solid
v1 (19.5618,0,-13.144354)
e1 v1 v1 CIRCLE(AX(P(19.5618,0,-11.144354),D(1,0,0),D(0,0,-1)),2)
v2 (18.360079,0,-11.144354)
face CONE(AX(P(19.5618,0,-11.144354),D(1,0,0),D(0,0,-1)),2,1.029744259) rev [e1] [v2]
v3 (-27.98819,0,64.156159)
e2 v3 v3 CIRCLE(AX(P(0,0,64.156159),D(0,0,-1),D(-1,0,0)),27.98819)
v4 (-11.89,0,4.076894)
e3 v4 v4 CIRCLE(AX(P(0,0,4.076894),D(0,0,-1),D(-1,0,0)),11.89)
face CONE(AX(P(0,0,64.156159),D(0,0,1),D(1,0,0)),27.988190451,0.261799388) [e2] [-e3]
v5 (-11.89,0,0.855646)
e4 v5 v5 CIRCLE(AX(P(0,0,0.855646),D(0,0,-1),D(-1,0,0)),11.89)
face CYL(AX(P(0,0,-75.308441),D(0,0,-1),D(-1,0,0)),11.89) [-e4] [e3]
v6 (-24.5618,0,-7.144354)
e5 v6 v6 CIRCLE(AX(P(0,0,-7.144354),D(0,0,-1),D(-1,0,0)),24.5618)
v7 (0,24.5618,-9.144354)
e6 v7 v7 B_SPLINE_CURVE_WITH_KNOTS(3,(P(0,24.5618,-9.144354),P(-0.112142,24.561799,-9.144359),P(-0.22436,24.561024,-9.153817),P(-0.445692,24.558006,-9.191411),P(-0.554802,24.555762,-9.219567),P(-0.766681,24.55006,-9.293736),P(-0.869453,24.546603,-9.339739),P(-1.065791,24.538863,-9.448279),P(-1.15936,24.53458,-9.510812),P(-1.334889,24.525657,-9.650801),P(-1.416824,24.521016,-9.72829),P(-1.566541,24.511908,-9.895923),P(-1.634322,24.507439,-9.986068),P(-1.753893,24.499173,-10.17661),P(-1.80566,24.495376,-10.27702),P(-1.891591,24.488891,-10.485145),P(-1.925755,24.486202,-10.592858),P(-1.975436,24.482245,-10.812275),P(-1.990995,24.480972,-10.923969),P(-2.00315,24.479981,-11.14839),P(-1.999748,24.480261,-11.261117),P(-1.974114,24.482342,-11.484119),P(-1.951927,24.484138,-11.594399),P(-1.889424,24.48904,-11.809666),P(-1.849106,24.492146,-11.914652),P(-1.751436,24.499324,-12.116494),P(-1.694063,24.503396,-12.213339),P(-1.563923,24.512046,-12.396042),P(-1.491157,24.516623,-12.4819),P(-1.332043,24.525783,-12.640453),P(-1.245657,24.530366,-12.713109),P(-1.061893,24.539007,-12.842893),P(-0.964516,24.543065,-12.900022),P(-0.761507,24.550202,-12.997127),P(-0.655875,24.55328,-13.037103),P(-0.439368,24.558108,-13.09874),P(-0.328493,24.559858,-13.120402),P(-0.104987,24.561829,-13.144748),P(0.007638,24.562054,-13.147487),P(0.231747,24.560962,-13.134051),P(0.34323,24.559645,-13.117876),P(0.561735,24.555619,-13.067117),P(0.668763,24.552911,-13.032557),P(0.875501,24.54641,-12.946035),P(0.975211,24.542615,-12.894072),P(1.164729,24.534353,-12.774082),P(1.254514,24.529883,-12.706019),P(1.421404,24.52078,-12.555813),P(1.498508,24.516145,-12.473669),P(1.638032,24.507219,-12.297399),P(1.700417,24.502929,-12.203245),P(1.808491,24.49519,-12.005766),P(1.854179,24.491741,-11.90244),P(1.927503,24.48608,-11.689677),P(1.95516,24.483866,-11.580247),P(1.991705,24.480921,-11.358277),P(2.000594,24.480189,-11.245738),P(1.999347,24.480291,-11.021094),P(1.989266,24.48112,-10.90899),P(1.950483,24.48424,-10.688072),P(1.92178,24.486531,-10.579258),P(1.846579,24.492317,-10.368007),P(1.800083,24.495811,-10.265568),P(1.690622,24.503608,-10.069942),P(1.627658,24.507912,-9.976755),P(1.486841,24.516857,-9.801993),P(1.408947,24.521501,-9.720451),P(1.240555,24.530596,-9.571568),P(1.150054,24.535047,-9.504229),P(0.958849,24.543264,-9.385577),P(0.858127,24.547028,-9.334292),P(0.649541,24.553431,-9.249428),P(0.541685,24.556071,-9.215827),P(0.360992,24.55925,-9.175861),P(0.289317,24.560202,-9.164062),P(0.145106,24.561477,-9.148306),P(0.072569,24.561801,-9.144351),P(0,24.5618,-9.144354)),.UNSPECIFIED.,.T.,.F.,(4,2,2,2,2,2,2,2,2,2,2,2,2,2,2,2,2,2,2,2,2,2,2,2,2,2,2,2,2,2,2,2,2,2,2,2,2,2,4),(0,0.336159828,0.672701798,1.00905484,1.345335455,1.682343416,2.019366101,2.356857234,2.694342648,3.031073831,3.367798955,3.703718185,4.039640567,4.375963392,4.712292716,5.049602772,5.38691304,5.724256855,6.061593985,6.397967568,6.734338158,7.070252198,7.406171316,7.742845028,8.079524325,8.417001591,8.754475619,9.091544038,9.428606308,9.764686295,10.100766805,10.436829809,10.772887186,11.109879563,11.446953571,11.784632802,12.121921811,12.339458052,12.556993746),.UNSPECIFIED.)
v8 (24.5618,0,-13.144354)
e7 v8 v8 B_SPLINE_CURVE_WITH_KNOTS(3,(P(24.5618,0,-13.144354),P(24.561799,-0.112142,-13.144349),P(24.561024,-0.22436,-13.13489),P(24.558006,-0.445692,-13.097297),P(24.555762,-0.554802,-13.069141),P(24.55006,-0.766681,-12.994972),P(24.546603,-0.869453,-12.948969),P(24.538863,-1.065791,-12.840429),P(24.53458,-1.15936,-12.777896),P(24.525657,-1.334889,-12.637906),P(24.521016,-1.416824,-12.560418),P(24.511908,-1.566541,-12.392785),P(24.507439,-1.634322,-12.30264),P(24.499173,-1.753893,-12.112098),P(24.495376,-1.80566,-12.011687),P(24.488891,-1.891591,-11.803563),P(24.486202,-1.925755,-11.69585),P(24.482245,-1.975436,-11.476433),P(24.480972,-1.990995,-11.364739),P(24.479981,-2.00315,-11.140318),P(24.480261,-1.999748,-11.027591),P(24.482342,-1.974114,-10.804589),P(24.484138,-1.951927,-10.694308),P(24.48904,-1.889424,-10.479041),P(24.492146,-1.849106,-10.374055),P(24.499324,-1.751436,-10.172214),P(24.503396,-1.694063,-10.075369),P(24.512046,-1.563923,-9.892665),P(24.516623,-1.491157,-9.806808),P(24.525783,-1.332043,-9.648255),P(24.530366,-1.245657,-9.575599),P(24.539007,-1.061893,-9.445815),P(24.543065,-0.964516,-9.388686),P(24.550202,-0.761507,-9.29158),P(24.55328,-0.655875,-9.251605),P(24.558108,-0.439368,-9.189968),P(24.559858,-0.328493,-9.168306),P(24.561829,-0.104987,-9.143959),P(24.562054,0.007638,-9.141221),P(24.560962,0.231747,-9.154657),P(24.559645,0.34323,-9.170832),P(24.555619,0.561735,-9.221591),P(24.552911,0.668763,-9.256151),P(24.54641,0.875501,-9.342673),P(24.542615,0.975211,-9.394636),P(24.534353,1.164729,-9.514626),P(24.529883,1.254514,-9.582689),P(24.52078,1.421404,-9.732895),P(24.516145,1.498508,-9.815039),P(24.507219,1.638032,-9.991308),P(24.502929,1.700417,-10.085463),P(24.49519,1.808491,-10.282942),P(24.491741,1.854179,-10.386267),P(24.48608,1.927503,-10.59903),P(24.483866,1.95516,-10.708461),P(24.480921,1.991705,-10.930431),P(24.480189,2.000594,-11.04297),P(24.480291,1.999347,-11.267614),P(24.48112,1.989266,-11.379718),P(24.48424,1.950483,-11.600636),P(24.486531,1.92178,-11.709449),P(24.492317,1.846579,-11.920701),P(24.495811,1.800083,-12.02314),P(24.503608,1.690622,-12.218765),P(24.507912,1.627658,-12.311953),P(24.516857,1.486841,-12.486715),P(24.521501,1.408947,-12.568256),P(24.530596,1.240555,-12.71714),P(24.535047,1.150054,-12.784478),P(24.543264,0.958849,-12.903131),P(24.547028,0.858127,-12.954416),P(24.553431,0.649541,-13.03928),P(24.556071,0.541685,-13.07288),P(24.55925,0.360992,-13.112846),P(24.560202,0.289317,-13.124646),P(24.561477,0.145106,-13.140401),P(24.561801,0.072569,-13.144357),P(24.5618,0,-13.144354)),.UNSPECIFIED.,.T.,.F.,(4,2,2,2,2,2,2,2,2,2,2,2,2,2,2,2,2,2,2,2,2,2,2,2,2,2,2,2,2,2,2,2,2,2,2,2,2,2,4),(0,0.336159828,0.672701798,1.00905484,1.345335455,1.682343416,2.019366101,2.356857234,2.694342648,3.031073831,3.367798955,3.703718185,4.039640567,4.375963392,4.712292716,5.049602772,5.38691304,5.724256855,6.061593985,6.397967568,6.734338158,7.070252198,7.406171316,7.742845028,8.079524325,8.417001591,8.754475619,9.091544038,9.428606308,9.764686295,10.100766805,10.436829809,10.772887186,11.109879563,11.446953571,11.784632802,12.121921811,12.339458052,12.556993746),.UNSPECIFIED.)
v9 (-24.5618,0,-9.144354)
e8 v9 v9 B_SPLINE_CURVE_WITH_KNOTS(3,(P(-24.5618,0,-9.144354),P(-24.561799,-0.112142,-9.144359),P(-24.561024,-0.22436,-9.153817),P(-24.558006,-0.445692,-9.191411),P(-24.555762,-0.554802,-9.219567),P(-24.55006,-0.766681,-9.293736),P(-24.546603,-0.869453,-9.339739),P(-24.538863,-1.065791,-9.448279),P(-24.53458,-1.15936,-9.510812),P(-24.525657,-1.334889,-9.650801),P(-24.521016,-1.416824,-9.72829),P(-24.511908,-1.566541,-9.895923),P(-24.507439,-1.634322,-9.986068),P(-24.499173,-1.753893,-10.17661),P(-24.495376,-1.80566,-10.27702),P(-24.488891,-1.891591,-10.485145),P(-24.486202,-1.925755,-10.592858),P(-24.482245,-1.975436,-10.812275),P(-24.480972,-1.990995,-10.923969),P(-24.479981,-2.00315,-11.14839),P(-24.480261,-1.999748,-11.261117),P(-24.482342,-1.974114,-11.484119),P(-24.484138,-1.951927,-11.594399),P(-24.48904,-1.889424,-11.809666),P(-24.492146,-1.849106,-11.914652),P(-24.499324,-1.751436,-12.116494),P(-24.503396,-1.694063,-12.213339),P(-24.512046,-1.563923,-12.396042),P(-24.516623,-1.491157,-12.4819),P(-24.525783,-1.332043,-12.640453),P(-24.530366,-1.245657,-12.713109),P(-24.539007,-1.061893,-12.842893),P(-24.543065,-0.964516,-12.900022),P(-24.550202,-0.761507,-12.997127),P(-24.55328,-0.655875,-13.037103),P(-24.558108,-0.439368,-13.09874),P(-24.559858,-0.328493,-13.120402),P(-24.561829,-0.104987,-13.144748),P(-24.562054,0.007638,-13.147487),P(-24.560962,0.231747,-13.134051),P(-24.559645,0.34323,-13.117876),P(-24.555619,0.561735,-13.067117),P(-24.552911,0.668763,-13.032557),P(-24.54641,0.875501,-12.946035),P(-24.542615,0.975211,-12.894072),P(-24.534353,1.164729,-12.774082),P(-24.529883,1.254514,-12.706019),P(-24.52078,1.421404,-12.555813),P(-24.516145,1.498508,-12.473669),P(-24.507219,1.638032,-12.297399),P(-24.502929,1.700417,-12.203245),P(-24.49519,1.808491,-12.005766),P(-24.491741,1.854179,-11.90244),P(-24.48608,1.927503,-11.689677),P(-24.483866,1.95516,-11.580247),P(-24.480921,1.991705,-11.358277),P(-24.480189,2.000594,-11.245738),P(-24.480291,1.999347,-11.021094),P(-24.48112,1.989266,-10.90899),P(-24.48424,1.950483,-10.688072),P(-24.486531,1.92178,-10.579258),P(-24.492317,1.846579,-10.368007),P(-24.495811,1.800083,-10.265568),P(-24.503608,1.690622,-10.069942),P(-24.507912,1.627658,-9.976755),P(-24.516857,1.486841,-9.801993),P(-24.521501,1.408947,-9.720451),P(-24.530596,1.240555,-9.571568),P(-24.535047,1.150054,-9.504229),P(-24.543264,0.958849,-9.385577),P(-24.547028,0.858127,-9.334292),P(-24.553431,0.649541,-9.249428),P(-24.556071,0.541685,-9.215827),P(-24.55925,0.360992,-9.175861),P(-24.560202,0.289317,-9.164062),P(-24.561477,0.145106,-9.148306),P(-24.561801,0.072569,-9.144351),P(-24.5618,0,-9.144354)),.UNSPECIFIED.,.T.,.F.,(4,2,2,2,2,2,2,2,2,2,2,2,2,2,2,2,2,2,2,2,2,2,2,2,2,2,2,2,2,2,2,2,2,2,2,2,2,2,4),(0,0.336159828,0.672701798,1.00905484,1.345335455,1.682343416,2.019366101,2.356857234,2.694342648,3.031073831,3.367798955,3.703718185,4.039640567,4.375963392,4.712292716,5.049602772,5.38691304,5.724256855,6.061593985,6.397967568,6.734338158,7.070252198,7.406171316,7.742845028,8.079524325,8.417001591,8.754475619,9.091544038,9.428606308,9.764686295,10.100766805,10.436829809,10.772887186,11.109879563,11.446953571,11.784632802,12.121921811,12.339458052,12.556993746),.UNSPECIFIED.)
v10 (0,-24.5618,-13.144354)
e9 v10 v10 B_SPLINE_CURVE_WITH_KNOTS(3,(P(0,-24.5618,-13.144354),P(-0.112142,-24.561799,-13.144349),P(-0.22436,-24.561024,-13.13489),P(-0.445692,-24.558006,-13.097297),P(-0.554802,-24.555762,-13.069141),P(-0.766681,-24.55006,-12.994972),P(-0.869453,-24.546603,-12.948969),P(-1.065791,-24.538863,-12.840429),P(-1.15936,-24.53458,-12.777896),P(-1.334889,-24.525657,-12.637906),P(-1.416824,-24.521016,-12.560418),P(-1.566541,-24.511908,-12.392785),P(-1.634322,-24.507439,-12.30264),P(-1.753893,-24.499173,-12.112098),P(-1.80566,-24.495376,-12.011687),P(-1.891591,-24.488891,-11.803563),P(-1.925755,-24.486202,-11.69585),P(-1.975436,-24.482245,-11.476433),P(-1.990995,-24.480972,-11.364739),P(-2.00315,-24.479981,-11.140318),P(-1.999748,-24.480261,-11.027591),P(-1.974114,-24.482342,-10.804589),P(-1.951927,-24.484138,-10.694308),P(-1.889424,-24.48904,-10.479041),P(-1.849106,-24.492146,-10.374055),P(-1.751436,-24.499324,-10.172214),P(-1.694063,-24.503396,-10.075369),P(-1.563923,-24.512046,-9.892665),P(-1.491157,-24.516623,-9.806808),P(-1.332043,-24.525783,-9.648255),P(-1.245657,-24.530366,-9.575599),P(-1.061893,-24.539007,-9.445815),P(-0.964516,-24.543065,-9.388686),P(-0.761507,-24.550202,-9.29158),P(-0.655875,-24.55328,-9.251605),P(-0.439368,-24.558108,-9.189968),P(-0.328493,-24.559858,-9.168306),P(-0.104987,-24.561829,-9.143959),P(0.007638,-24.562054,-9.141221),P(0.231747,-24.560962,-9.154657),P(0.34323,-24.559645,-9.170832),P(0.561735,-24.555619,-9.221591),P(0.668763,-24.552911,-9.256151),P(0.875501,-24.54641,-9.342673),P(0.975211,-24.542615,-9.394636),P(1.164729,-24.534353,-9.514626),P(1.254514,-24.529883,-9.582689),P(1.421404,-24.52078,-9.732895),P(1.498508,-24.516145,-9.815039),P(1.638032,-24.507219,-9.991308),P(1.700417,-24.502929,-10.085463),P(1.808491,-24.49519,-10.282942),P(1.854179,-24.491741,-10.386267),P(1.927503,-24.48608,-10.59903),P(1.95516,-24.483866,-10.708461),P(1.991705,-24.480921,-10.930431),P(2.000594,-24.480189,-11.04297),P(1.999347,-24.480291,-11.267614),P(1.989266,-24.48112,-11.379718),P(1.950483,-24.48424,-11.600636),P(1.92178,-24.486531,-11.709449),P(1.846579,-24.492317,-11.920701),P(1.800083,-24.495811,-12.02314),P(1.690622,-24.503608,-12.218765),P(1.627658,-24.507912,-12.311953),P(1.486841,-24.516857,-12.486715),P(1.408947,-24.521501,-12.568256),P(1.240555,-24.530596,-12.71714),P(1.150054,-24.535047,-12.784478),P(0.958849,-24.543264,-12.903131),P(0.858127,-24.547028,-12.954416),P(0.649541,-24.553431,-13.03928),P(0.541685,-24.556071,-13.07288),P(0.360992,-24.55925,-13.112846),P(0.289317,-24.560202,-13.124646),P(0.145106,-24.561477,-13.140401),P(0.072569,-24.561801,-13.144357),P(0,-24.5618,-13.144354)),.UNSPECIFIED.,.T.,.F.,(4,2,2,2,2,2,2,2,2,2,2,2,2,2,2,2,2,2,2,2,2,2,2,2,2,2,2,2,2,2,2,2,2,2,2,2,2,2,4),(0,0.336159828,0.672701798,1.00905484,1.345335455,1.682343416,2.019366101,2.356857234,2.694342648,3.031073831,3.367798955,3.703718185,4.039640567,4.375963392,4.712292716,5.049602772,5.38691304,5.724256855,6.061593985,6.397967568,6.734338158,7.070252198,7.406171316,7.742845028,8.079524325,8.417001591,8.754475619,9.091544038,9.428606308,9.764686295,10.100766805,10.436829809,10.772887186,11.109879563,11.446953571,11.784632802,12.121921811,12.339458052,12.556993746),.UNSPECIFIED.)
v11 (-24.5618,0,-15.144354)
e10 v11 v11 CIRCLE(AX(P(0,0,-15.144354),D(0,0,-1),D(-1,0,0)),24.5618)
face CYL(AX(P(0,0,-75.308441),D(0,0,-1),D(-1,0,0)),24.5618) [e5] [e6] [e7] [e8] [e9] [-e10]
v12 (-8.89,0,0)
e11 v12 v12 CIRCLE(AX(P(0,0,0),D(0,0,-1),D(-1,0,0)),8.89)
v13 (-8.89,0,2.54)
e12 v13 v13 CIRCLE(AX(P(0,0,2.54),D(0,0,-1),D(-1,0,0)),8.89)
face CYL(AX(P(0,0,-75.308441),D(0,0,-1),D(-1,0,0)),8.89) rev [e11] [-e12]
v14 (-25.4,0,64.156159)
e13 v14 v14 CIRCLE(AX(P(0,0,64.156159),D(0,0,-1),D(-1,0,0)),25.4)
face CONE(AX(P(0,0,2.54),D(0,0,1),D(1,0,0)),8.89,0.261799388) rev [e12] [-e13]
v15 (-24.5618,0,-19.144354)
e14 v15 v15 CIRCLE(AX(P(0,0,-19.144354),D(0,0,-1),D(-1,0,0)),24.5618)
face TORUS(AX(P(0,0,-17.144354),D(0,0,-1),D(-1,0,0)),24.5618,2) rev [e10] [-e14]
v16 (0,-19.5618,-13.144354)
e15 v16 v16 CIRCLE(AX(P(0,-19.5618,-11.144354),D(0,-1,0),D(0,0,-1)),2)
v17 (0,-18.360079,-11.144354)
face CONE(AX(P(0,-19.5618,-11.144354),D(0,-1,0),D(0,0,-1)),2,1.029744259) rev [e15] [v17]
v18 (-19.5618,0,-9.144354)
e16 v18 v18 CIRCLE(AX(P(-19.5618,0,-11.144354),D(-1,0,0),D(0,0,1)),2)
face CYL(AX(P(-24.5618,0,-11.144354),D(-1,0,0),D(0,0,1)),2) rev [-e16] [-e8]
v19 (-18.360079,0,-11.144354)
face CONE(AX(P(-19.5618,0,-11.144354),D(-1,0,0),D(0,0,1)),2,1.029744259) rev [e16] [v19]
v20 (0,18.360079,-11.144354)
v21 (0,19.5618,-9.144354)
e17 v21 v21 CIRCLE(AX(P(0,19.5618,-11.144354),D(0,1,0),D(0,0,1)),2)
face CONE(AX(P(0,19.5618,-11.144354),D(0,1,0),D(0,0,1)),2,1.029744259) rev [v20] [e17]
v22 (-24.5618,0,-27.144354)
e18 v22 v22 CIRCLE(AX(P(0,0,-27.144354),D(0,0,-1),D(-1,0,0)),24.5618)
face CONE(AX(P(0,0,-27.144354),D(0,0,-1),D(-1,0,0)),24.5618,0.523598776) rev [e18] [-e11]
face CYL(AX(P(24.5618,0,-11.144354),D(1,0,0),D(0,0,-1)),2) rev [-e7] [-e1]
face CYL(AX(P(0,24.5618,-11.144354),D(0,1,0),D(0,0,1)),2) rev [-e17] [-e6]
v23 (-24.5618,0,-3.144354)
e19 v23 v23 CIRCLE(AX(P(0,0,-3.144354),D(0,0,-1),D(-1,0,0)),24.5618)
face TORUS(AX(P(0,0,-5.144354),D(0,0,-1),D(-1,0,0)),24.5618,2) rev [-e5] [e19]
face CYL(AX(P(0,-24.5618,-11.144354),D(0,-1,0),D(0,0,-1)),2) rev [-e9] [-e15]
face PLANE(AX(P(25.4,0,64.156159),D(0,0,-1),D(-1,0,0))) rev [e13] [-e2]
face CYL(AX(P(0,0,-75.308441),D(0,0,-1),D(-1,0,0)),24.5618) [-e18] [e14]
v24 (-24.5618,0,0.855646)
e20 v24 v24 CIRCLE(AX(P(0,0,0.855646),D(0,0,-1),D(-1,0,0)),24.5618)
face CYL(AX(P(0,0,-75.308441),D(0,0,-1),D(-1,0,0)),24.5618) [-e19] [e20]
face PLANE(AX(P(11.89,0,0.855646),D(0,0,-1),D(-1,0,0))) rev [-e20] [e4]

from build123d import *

# Parameters (mm, degrees)
F_4_0MM_DOWEL_HOLE1_D               = 4
F_4_0MM_DOWEL_HOLE1_DEPTH           = 5
F_4_0MM_DOWEL_HOLE1_TIP             = 1.201721238
F_4_0MM_DOWEL_HOLE1_ON_FACE_2_D     = 4
F_4_0MM_DOWEL_HOLE1_ON_FACE_2_DEPTH = 5
F_4_0MM_DOWEL_HOLE1_ON_FACE_2_TIP   = 1.201721238
F_4_0MM_DOWEL_HOLE1_ON_FACE_3_D     = 4
F_4_0MM_DOWEL_HOLE1_ON_FACE_3_DEPTH = 5
F_4_0MM_DOWEL_HOLE1_ON_FACE_3_TIP   = 1.201721238
F_4_0MM_DOWEL_HOLE1_ON_FACE_4_D     = 4
F_4_0MM_DOWEL_HOLE1_ON_FACE_4_DEPTH = 5
F_4_0MM_DOWEL_HOLE1_ON_FACE_4_TIP   = 1.201721238
F_4_0MM_DOWEL_HOLE1_ON_FACE_5_D     = 4
F_4_0MM_DOWEL_HOLE1_ON_FACE_5_DEPTH = 5
F_4_0MM_DOWEL_HOLE1_ON_FACE_5_TIP   = 1.201721238


with BuildPart() as part:
    # Sketch1 → Revolve2 (revolve)
    with BuildSketch(Plane(origin=(0, 0, 0), x_dir=(1, 0, 0), z_dir=(0, 1, 0)), mode=Mode.PRIVATE) as revolve2_sk:
        with BuildLine():
            Line((24.5618, 27.144353846), (8.89, 0))
            Line((8.89, 0), (8.89, -2.54))
            Line((8.89, -2.54), (25.4, -64.156158833))
            Line((25.4, -64.156158833), (27.988190451, -64.156158833))
            Line((27.988190451, -64.156158833), (11.89, -4.07689416))
            Line((11.89, -4.07689416), (11.89, -0.855646154))
            Line((11.89, -0.855646154), (24.5618, -0.855646154))
            Line((24.5618, -0.855646154), (24.5618, 3.144353846))
            ThreePointArc((24.5618, 3.144353846), (22.5618, 5.144353846), (24.5618, 7.144353846))
            Line((24.5618, 7.144353846), (24.5618, 15.144353846))
            ThreePointArc((24.5618, 15.144353846), (22.5618, 17.144353846), (24.5618, 19.144353846))
            Line((24.5618, 19.144353846), (24.5618, 27.144353846))
        make_face()
    revolve(revolve2_sk.sketch.rotate(Axis((0, 0, -75.308440558), (0, 0, 1)), 180), axis=Axis((0, 0, -75.308440558), (0, 0, 1)))

    # Ø4.0mm Dowel Hole1
    with Locations(Plane(origin=(-24.5618, 0, -11.144353846), x_dir=(0, -1, 0), z_dir=(-1, 0, 0))):
        with Locations((0, 0)):
            Hole(F_4_0MM_DOWEL_HOLE1_D / 2, depth=F_4_0MM_DOWEL_HOLE1_DEPTH)
            with Locations((0, 0, -(F_4_0MM_DOWEL_HOLE1_DEPTH + F_4_0MM_DOWEL_HOLE1_TIP / 2))):  # 118° drill point
                Cone(0, F_4_0MM_DOWEL_HOLE1_D / 2, F_4_0MM_DOWEL_HOLE1_TIP, mode=Mode.SUBTRACT)

    # Ø4.0mm Dowel Hole1 on face 2
    with Locations(Plane(origin=(0, 0, 0), x_dir=(0, -1, 0), z_dir=(-1, 0, 0))):
        with Locations((0, 0)):
            Hole(F_4_0MM_DOWEL_HOLE1_ON_FACE_2_D / 2, depth=F_4_0MM_DOWEL_HOLE1_ON_FACE_2_DEPTH)
            with Locations((0, 0, -(F_4_0MM_DOWEL_HOLE1_ON_FACE_2_DEPTH + F_4_0MM_DOWEL_HOLE1_ON_FACE_2_TIP / 2))):  # 118° drill point
                Cone(0, F_4_0MM_DOWEL_HOLE1_ON_FACE_2_D / 2, F_4_0MM_DOWEL_HOLE1_ON_FACE_2_TIP, mode=Mode.SUBTRACT)

    # Ø4.0mm Dowel Hole1 on face 3
    with Locations(Plane(origin=(0, 24.5618, -11.144353846), x_dir=(0, 0, 1), z_dir=(0, 1, 0))):
        with Locations((0, 0)):
            Hole(F_4_0MM_DOWEL_HOLE1_ON_FACE_3_D / 2, depth=F_4_0MM_DOWEL_HOLE1_ON_FACE_3_DEPTH)
            with Locations((0, 0, -(F_4_0MM_DOWEL_HOLE1_ON_FACE_3_DEPTH + F_4_0MM_DOWEL_HOLE1_ON_FACE_3_TIP / 2))):  # 118° drill point
                Cone(0, F_4_0MM_DOWEL_HOLE1_ON_FACE_3_D / 2, F_4_0MM_DOWEL_HOLE1_ON_FACE_3_TIP, mode=Mode.SUBTRACT)

    # Ø4.0mm Dowel Hole1 on face 4
    with Locations(Plane(origin=(24.5618, 0, -11.144353846), x_dir=(0, 0, 1), z_dir=(1, 0, 0))):
        with Locations((0, 0)):
            Hole(F_4_0MM_DOWEL_HOLE1_ON_FACE_4_D / 2, depth=F_4_0MM_DOWEL_HOLE1_ON_FACE_4_DEPTH)
            with Locations((0, 0, -(F_4_0MM_DOWEL_HOLE1_ON_FACE_4_DEPTH + F_4_0MM_DOWEL_HOLE1_ON_FACE_4_TIP / 2))):  # 118° drill point
                Cone(0, F_4_0MM_DOWEL_HOLE1_ON_FACE_4_D / 2, F_4_0MM_DOWEL_HOLE1_ON_FACE_4_TIP, mode=Mode.SUBTRACT)

    # Ø4.0mm Dowel Hole1 on face 5
    with Locations(Plane(origin=(0, -24.5618, -11.144353846), x_dir=(0, 0, -1), z_dir=(0, -1, 0))):
        with Locations((0, 0)):
            Hole(F_4_0MM_DOWEL_HOLE1_ON_FACE_5_D / 2, depth=F_4_0MM_DOWEL_HOLE1_ON_FACE_5_DEPTH)
            with Locations((0, 0, -(F_4_0MM_DOWEL_HOLE1_ON_FACE_5_DEPTH + F_4_0MM_DOWEL_HOLE1_ON_FACE_5_TIP / 2))):  # 118° drill point
                Cone(0, F_4_0MM_DOWEL_HOLE1_ON_FACE_5_D / 2, F_4_0MM_DOWEL_HOLE1_ON_FACE_5_TIP, mode=Mode.SUBTRACT)


solid = part.part
